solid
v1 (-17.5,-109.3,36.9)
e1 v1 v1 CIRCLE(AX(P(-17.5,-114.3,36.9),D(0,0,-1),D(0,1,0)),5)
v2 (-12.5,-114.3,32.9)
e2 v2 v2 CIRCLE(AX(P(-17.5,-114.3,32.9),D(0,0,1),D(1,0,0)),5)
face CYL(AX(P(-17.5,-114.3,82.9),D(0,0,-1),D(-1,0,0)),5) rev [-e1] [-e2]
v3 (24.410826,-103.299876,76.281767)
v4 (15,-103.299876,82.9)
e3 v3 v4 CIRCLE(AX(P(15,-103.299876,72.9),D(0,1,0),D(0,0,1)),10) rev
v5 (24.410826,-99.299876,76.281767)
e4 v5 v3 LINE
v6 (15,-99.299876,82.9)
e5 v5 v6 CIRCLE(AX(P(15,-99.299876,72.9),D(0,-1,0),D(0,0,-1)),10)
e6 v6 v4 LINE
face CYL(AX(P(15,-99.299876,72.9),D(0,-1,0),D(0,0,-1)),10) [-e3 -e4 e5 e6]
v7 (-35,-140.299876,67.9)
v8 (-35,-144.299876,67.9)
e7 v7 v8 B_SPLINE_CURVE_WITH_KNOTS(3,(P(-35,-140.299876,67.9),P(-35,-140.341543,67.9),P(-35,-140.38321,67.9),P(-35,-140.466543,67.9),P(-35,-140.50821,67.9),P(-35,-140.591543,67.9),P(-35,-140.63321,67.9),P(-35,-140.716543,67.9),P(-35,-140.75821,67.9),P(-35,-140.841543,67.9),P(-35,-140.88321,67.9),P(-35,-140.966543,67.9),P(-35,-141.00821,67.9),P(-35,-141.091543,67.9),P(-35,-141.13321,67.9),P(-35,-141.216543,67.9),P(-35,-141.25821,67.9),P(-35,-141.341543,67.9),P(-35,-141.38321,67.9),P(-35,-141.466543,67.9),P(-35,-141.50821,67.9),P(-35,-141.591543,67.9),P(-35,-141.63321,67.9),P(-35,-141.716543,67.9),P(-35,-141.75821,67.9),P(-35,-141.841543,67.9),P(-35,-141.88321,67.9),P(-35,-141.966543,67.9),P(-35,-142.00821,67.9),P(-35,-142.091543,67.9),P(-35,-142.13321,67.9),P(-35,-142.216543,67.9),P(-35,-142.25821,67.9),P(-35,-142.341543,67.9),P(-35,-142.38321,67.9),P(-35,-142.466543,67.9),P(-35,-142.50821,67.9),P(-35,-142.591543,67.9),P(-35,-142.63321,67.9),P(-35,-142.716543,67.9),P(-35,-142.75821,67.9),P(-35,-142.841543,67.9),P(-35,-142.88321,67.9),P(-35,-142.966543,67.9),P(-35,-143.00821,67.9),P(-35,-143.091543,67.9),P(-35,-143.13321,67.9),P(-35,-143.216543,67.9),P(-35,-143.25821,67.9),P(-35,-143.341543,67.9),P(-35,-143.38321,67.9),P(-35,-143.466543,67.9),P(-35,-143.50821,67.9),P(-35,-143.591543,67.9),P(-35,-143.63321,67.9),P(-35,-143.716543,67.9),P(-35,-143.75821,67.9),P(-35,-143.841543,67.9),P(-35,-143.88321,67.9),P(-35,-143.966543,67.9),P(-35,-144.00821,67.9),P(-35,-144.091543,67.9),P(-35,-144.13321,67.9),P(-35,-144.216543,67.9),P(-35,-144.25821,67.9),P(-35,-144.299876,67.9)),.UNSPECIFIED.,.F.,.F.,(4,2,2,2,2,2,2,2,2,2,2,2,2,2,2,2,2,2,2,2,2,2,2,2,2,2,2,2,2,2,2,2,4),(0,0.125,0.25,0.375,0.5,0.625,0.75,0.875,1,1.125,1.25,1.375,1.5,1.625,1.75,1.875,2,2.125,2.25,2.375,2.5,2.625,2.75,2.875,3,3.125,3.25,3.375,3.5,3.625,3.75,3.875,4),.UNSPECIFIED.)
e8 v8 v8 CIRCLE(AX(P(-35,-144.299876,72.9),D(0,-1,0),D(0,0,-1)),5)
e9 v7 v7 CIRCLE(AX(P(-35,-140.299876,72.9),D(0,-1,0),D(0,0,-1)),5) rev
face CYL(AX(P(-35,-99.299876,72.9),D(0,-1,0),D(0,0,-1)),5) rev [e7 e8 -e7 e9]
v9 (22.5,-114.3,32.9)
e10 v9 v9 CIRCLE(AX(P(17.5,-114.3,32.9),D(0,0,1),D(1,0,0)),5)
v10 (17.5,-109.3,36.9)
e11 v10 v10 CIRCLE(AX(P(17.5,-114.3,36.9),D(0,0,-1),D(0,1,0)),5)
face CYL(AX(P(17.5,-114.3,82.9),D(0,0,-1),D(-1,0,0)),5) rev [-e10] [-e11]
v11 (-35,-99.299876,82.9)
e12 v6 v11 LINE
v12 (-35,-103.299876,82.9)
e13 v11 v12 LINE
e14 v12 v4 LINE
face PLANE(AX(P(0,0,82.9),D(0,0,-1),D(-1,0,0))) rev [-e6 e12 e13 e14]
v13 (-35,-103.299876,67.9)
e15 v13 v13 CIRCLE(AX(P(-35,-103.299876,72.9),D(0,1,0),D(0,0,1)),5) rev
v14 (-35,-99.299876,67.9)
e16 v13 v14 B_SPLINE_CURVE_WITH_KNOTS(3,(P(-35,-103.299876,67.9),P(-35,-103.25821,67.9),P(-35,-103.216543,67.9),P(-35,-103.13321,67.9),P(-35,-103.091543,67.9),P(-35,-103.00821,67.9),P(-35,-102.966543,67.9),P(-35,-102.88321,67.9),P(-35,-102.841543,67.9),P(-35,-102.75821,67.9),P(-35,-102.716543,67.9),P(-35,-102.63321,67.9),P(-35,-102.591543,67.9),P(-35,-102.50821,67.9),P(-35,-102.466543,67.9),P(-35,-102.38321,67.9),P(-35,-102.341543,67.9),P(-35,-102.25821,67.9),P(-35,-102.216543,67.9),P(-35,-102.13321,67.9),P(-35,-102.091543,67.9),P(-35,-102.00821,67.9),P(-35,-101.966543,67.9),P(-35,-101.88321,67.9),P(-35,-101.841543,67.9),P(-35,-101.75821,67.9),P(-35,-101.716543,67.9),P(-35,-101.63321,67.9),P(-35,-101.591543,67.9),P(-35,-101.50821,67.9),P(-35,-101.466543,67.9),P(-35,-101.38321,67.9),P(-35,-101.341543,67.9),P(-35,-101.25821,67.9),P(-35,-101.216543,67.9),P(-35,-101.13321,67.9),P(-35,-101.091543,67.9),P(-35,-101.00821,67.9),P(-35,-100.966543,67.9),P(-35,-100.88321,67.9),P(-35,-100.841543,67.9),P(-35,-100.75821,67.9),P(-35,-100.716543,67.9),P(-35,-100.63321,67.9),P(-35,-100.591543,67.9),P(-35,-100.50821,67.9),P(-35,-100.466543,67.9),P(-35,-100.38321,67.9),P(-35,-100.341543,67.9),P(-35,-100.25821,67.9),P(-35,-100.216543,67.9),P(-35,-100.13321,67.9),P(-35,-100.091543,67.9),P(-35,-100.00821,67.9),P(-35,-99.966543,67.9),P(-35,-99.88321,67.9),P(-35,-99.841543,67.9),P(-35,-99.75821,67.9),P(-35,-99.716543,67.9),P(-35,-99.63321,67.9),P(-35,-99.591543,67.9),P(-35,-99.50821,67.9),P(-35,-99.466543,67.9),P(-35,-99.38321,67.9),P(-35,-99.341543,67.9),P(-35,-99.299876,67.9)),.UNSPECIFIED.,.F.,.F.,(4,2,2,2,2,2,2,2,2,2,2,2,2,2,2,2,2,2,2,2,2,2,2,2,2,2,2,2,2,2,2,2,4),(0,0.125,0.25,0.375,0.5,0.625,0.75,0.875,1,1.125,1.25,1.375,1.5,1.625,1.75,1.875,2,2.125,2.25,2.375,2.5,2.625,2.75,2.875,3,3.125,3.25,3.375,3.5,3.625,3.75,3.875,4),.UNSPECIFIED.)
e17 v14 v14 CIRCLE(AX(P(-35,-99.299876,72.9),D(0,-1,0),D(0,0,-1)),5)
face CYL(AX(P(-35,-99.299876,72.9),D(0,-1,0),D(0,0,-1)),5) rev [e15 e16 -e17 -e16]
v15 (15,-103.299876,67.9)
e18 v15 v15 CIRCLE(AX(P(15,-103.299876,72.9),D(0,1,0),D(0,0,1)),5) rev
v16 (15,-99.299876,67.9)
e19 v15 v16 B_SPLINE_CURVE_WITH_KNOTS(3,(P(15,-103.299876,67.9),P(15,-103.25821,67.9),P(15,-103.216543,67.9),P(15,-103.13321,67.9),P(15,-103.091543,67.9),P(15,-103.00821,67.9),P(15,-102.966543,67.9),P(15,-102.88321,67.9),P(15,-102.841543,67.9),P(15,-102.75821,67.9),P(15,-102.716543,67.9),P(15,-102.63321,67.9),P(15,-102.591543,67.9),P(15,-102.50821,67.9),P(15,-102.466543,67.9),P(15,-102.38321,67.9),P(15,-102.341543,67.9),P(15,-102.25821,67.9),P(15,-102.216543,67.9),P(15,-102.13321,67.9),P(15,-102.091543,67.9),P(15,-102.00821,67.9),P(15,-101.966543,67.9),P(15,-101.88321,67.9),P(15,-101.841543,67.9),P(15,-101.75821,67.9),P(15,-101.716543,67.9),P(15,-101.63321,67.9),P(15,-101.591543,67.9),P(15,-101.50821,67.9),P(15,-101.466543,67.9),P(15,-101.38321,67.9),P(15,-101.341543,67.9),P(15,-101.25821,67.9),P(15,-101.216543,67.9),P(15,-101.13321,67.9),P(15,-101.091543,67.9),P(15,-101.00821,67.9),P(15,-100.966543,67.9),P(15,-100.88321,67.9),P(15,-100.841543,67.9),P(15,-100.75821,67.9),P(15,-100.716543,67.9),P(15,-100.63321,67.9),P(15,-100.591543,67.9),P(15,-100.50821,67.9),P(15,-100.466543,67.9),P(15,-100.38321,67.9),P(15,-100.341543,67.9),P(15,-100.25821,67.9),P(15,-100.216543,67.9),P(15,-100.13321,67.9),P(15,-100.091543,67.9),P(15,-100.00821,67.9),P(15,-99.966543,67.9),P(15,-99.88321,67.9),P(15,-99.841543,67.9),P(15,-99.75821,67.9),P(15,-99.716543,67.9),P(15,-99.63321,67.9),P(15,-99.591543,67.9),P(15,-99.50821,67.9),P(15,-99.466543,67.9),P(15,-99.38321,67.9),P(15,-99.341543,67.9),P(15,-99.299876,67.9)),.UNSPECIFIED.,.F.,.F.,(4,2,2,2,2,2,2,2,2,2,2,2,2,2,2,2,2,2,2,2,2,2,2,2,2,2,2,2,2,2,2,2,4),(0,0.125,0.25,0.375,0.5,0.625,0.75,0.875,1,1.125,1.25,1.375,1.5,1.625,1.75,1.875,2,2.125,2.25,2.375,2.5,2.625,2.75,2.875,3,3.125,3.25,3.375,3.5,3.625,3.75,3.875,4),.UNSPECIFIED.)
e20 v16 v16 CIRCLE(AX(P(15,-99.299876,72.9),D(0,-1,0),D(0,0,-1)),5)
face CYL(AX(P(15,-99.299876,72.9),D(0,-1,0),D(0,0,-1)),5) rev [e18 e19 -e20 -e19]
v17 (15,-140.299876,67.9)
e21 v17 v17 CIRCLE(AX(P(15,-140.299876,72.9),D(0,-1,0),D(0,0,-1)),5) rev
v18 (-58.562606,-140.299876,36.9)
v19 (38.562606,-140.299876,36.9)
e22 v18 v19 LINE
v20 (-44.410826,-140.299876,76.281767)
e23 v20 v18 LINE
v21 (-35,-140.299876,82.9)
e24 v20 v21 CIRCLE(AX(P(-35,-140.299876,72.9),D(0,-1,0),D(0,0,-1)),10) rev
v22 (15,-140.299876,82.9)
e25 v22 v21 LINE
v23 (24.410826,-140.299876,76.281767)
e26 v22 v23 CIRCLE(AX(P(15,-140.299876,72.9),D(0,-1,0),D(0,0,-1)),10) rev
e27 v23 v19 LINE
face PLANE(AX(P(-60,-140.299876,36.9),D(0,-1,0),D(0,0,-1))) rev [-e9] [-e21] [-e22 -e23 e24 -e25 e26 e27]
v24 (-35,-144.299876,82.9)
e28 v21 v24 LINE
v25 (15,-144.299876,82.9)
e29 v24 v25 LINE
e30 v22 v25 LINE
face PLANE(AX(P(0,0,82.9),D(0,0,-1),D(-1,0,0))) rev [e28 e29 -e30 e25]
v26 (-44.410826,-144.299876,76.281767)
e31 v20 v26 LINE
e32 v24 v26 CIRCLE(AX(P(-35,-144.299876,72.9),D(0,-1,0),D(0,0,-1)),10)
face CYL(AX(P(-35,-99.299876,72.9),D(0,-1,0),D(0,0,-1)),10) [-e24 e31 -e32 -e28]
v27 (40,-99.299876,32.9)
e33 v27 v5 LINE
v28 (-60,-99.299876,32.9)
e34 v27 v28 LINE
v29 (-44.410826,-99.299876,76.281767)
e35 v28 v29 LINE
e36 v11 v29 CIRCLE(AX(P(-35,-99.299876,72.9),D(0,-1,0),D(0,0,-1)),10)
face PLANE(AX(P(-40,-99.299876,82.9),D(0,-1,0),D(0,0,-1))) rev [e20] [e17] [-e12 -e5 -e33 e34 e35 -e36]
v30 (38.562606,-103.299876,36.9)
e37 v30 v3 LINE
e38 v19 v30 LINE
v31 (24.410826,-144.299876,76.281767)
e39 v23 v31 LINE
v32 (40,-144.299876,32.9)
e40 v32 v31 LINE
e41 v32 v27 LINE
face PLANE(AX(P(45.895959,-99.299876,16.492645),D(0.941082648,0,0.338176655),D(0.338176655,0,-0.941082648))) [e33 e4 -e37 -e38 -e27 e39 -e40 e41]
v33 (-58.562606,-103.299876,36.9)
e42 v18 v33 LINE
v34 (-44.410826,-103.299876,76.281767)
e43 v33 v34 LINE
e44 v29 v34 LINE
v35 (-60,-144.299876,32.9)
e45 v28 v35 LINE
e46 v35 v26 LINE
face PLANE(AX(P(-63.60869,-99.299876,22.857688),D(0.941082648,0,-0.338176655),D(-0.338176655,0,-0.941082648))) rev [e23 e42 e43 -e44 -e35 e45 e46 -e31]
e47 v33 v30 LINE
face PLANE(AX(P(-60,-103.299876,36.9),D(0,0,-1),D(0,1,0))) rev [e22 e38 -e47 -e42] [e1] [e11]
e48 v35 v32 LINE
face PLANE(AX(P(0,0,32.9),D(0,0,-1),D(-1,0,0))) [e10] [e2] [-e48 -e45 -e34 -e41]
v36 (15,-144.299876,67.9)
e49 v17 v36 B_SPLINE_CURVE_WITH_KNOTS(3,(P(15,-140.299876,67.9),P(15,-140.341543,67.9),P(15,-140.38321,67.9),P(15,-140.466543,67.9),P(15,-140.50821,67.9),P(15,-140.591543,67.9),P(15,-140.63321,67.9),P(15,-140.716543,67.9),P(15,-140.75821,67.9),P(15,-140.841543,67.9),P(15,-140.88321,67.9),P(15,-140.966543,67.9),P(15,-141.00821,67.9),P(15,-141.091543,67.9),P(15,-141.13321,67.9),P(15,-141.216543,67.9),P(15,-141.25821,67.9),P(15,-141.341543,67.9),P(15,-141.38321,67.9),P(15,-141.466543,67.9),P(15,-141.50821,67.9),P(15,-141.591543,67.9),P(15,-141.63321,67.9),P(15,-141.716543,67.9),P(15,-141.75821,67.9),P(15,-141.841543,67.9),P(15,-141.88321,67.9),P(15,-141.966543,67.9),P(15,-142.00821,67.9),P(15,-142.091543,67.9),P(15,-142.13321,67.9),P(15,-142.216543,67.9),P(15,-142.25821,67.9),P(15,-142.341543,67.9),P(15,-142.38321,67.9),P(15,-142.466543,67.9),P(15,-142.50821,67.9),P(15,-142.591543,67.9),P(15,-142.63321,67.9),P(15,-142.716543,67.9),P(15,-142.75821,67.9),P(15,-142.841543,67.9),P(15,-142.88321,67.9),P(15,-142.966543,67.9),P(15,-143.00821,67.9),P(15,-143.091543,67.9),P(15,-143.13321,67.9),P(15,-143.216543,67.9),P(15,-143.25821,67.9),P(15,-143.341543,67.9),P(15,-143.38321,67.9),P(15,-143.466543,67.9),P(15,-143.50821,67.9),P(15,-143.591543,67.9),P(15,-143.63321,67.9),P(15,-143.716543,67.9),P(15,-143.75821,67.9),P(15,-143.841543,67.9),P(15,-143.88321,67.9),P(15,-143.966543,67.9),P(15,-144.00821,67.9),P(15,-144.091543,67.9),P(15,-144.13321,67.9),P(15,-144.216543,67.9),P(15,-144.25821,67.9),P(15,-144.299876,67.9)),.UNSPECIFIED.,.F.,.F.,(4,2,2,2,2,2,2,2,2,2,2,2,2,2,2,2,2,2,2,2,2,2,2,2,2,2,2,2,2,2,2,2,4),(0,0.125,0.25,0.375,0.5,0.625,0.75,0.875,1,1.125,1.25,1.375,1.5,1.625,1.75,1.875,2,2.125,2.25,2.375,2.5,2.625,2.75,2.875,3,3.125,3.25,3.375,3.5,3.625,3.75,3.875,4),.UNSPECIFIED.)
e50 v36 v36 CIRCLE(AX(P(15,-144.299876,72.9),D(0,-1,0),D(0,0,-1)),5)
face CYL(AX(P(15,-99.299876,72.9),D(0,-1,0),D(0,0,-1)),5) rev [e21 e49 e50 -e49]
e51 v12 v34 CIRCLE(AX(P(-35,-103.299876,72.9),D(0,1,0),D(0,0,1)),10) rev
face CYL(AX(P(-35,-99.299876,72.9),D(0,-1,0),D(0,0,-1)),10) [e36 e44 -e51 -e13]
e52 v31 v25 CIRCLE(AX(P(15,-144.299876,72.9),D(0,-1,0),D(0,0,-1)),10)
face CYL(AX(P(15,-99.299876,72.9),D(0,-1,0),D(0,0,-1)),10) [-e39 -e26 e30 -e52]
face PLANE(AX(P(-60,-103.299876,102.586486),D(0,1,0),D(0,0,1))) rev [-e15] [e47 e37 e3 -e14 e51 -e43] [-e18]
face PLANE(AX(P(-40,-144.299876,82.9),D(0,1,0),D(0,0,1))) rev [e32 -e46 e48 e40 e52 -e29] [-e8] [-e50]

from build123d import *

# Parameters (mm, degrees)
SKETCH1_R               = 5
BOSS_EXTRUDE1_DEPTH     = 50
SKETCH2_R               = 5
CUT_EXTRUDE1_DEPTH      = 112.791815443
CUT_EXTRUDE2_DEPTH      = 177.903545314
CUT_EXTRUDE2_DEPTH_BACK = 177.903545314
SKETCH3_W               = 65.68648631
SKETCH3_H               = 37


with BuildPart() as part:
    # Sketch1 → Boss-Extrude1 (new body)
    with BuildSketch(Plane.XY.offset(32.9)):
        Polygon((-40, -144.299876296), (40, -144.299876296), (40, -99.299876296), (-40, -99.299876296), (-60, -99.299876296), (-60, -144.299876296), align=None)
        with Locations((17.5, -114.3)):
            Circle(SKETCH1_R, mode=Mode.SUBTRACT)
        with Locations((-17.5, -114.3)):
            Circle(SKETCH1_R, mode=Mode.SUBTRACT)
    extrude(amount=BOSS_EXTRUDE1_DEPTH)

    # Sketch2 → Cut-Extrude1 (cut, through all)
    with BuildSketch(Plane.XZ.offset(144.299876296)):
        with BuildLine():
            Line((-60, 82.9), (-60, 32.9))
            Line((-60, 32.9), (-44.410826478, 76.281766549))
            ThreePointArc((-44.410826478, 76.281766549), (-40.752492265, 81.07978195), (-35, 82.9))
            Line((-35, 82.9), (-60, 82.9))
        make_face()
        with BuildLine():
            Line((24.410826478, 76.281766549), (40, 32.9))
            Line((40, 32.9), (40, 82.9))
            Line((40, 82.9), (15, 82.9))
            ThreePointArc((15, 82.9), (20.752492265, 81.07978195), (24.410826478, 76.281766549))
        make_face()
        with Locations(Location((15, 72.9, 0), (0, 0, 270))):
            Circle(SKETCH2_R)
        with Locations(Location((-35, 72.9, 0), (0, 0, 270))):
            Circle(SKETCH2_R)
    extrude(amount=-CUT_EXTRUDE1_DEPTH, mode=Mode.SUBTRACT)

    # Sketch3 → Cut-Extrude2 (cut, two sides: drawn at the far end of the back side and taken through both)
    with BuildSketch(Plane(origin=(0, 0, 0), x_dir=(0, 0, -1), z_dir=(1, 0, 0)).offset(-CUT_EXTRUDE2_DEPTH_BACK)):
        with Locations((-69.743243155, -121.799876296)):
            Rectangle(SKETCH3_W, SKETCH3_H)
    extrude(amount=CUT_EXTRUDE2_DEPTH + CUT_EXTRUDE2_DEPTH_BACK, mode=Mode.SUBTRACT)


solid = part.part
